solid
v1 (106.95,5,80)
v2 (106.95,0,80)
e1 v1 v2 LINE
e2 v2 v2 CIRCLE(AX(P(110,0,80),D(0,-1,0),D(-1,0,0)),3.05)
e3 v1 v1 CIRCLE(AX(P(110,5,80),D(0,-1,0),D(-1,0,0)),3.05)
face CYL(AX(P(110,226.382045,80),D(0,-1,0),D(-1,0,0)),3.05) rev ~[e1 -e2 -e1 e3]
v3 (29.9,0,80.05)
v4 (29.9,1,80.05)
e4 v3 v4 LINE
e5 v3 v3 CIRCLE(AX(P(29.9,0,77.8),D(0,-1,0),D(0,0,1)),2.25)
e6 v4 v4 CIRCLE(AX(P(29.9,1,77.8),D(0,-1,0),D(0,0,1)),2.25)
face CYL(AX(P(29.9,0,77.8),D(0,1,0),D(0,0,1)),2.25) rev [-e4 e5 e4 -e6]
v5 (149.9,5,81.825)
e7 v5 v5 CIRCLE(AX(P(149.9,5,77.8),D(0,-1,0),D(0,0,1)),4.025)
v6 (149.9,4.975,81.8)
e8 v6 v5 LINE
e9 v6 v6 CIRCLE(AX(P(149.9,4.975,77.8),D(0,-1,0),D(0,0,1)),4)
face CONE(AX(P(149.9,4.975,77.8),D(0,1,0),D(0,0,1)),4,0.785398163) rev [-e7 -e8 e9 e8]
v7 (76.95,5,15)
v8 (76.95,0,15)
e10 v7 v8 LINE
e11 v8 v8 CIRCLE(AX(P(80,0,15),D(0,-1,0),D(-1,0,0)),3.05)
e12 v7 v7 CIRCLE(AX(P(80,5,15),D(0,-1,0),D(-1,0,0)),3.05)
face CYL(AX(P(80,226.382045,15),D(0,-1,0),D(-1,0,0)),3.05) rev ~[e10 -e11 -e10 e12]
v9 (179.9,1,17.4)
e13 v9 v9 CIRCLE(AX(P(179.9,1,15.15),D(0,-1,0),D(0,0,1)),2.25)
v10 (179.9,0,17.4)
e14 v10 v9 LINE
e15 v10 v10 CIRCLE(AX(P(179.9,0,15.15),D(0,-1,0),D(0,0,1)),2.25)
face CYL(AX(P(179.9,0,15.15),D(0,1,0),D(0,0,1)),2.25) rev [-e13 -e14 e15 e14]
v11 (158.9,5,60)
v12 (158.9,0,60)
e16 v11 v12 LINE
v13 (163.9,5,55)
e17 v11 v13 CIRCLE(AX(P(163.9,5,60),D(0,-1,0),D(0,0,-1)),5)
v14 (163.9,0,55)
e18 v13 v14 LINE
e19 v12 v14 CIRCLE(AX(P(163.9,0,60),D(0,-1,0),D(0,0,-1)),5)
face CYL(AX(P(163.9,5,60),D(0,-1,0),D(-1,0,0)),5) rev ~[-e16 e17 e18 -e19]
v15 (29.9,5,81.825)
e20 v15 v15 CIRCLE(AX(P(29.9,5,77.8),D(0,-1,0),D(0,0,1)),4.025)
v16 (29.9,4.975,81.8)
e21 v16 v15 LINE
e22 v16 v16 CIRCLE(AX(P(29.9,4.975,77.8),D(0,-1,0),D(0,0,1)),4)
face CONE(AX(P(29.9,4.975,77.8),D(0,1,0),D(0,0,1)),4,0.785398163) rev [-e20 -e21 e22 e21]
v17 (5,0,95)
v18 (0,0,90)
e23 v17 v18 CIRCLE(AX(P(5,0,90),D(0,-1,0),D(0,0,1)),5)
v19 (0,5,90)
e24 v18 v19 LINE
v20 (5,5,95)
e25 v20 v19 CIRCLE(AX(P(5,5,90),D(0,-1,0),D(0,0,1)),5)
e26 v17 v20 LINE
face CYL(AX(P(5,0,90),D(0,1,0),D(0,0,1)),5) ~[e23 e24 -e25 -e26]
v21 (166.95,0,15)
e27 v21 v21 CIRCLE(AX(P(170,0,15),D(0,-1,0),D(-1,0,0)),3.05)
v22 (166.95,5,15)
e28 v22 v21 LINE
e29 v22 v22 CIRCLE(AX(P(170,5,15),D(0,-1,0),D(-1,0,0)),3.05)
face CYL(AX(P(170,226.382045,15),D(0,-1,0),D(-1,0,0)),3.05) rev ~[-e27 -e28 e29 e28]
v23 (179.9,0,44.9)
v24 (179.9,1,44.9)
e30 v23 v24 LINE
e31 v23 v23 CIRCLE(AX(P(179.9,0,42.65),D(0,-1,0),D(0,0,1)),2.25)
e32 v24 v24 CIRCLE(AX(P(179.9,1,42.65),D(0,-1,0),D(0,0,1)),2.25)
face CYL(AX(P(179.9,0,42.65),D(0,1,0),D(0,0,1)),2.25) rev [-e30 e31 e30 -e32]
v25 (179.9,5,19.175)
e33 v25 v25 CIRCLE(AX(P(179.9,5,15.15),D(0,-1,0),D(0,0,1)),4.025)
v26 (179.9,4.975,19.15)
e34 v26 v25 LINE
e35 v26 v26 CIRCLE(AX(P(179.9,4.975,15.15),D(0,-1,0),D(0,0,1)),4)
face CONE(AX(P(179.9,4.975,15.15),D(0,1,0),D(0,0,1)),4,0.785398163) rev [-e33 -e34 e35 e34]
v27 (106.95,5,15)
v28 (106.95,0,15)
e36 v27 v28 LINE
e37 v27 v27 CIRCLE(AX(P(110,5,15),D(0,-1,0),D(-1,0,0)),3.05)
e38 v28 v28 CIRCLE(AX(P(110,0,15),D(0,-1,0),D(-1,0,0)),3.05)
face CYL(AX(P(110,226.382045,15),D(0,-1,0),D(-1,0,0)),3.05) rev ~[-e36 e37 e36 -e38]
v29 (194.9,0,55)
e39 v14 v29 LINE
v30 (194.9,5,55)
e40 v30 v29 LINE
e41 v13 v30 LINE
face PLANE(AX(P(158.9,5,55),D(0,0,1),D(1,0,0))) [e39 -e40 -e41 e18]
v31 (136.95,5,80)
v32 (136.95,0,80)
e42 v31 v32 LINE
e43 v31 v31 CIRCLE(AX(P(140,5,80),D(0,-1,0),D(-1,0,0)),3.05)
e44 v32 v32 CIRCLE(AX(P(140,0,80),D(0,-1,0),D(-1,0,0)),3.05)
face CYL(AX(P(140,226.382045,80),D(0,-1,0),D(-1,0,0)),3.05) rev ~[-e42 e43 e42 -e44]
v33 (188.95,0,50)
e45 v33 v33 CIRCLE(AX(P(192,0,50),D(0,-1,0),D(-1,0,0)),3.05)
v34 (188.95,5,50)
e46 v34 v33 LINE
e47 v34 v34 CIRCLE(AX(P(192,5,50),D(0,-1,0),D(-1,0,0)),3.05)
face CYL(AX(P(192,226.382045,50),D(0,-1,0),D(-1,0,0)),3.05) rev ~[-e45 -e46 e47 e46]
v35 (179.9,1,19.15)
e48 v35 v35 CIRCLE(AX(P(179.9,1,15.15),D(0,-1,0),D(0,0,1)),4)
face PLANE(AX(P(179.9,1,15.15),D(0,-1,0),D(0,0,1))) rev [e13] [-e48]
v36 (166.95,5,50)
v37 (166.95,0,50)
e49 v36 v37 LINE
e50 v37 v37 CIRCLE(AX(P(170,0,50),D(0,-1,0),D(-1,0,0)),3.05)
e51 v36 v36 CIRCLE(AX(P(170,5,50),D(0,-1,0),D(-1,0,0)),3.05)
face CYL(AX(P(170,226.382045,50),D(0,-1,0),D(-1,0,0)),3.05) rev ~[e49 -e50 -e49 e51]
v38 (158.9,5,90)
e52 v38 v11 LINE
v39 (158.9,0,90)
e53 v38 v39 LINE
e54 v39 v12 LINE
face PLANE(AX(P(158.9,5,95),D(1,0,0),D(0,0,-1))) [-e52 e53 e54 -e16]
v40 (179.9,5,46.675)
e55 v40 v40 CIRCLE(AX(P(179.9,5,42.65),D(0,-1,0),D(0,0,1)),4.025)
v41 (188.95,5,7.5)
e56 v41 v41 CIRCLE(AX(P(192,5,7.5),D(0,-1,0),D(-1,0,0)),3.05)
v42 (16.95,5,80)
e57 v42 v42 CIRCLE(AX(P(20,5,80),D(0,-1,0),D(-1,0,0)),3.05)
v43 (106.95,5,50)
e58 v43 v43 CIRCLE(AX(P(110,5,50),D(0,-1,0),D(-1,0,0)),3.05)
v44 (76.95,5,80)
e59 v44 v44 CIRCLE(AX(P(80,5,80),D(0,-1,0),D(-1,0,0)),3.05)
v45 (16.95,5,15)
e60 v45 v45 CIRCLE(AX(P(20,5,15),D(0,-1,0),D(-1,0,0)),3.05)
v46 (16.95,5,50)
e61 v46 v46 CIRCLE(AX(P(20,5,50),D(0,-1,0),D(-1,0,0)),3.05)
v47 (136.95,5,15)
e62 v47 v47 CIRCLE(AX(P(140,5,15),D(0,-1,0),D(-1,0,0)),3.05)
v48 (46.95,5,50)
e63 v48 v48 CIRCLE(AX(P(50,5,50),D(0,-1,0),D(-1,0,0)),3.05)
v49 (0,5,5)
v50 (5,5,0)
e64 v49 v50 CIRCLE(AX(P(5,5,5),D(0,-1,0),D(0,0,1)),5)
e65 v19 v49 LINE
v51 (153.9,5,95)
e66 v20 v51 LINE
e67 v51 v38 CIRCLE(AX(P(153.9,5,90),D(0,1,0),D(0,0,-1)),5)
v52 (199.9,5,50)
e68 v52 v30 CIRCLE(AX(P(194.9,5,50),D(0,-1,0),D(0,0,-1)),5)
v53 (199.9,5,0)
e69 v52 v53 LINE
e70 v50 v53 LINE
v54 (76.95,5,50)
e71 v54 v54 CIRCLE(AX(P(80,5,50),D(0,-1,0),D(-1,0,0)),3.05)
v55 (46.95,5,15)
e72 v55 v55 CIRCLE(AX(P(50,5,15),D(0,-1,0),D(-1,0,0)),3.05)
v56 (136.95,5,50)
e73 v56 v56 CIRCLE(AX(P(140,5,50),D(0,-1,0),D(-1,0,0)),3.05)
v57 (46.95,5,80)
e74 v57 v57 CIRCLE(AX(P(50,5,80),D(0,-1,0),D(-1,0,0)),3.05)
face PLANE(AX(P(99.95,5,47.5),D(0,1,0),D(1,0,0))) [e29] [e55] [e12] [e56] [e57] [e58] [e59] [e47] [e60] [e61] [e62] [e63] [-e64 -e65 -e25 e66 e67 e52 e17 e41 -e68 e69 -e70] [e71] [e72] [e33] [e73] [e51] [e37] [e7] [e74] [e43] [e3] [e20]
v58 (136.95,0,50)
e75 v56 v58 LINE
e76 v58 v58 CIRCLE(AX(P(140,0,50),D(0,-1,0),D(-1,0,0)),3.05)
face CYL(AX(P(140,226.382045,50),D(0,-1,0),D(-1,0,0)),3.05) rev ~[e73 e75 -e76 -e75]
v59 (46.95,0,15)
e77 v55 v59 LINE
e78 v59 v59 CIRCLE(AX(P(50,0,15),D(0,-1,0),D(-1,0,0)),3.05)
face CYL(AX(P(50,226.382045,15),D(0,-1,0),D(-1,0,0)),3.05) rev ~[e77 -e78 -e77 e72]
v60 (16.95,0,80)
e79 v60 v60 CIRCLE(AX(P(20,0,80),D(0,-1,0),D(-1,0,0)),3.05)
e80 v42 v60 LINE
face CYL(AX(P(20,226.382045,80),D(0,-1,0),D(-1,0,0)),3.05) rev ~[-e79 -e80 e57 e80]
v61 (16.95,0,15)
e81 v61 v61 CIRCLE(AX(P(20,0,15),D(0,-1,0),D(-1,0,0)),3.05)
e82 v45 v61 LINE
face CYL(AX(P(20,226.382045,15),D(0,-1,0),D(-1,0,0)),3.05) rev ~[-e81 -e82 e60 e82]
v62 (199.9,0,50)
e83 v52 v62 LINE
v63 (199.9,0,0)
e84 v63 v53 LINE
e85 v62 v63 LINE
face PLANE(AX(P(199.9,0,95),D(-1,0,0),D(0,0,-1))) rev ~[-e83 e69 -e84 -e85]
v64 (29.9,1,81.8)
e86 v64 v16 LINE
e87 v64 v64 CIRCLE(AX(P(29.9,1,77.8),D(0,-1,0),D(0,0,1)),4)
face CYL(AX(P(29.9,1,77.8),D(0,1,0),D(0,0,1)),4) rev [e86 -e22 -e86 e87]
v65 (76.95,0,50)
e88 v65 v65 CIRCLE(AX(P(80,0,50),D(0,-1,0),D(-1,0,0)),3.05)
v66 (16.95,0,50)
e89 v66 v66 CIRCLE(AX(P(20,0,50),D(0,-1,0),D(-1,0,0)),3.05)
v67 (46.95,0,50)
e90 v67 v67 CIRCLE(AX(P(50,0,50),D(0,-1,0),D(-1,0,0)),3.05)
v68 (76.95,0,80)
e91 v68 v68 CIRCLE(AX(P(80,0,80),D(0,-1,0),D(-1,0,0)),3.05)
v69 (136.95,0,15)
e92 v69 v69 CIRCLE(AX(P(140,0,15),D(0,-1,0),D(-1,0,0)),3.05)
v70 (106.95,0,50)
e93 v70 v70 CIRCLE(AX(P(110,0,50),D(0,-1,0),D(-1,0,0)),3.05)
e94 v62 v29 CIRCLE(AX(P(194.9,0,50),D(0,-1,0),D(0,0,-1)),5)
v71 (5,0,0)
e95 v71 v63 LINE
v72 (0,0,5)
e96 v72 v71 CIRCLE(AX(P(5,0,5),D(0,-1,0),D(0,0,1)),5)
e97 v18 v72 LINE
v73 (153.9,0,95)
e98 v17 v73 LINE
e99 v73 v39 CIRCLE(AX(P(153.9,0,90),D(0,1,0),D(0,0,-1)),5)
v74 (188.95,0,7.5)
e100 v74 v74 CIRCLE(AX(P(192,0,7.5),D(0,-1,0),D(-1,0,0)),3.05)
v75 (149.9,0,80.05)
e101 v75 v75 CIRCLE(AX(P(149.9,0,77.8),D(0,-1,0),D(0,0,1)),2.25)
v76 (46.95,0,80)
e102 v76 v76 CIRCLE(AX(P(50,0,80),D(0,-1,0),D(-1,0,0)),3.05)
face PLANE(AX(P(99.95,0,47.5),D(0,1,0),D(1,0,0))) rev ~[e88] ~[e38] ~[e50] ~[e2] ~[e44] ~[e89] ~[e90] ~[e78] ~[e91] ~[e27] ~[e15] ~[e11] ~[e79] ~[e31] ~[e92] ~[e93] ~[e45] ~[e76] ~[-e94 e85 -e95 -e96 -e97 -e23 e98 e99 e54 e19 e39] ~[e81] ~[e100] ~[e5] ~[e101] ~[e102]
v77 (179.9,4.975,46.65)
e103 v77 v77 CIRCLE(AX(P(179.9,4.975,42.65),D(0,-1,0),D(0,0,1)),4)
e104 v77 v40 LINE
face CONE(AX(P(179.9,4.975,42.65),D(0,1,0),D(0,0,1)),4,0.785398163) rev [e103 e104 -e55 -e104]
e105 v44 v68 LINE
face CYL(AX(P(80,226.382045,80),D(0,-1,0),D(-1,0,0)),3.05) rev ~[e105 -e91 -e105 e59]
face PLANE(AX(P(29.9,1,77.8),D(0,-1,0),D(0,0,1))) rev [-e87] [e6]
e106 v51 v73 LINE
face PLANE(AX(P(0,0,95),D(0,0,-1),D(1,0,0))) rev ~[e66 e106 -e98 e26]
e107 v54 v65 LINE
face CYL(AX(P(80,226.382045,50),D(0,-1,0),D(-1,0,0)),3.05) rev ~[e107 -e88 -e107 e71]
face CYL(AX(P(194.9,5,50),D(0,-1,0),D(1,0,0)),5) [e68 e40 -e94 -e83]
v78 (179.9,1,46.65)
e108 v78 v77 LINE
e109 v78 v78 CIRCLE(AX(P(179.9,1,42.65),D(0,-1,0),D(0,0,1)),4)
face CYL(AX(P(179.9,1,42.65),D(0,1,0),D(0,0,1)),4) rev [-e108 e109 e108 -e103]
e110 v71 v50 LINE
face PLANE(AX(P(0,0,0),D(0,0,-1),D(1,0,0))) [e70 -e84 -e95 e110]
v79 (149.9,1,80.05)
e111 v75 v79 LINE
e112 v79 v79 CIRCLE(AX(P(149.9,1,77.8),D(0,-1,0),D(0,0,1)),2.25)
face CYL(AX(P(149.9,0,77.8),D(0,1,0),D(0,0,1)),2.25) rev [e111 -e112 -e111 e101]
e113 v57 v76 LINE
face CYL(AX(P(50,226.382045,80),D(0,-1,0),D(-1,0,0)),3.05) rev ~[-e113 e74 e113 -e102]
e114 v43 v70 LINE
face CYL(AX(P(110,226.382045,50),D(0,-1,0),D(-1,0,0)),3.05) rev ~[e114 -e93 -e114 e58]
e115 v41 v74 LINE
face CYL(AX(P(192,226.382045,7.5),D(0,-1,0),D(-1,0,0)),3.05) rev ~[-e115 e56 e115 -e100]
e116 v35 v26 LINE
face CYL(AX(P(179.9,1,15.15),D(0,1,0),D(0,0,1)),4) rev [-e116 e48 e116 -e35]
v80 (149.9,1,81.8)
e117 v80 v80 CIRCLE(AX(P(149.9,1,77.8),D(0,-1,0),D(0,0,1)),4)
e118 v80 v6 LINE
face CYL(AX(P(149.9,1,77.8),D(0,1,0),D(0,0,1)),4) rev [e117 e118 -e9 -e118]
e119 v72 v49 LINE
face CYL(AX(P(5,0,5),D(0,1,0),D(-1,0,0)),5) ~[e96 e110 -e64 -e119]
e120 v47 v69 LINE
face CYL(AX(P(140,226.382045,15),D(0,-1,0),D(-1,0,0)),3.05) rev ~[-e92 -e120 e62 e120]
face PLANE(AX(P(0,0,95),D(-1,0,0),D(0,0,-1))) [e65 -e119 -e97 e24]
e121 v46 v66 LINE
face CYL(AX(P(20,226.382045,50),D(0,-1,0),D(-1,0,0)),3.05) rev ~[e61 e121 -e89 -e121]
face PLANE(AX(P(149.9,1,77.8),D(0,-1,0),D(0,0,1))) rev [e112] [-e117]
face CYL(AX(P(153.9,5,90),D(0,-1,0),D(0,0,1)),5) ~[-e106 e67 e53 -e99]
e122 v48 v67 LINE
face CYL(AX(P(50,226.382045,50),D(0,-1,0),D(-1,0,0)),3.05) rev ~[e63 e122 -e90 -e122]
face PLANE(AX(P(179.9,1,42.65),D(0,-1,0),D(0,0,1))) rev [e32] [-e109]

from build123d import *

# Parameters (mm, degrees)
SKETCH1_W                     = 199.9
SKETCH1_H                     = 95
BOSS_EXTRUDE1_DEPTH           = 5
CBORE_FOR_M4_SHCS1_AT_2_COUNT = 2
CBORE_FOR_M4_SHCS1_AT_2_PITCH = 69.462381906
CBORE_FOR_M4_SHCS1_AT_3_COUNT = 2
CBORE_FOR_M4_SHCS1_AT_3_PITCH = 162.557751276
CBORE_FOR_M4_SHCS1_AT_4_COUNT = 2
CBORE_FOR_M4_SHCS1_AT_4_PITCH = 27.5
F_6_1_6_1_DIAMETER_HOLE1_D    = 6.1
LPATTERN1_COUNT               = 2
LPATTERN1_PITCH               = 35
SKETCH6_W                     = 41
SKETCH6_H                     = 40
CUT_EXTRUDE1_DEPTH            = 6
LPATTERN2_COUNT               = 2
LPATTERN2_PITCH               = 65
FILLET1_R                     = 5
F_6_1_6_1_DIAMETER_HOLE2_D    = 6.1
FILLET2_R                     = 5


with BuildPart() as part:
    # Sketch1 → Boss-Extrude1 (new body)
    with BuildSketch(Plane(origin=(0, 0, 0), x_dir=(1, 0, 0), z_dir=(0, 1, 0))):
        with Locations((99.95, -47.5)):
            Rectangle(SKETCH1_W, SKETCH1_H)
    extrude(amount=BOSS_EXTRUDE1_DEPTH)

    # Sketch3 → CBORE for M4 SHCS1 (revolve, cut)
    with BuildSketch(Plane(origin=(179.9, 5, 15.15), x_dir=(0, 0, 1), z_dir=(1, 0, 0))):
        Polygon((0, 0), (0, 5), (2.25, 5), (2.25, 4), (4, 4), (4, 0.025), (4.025, 0), align=None)
    cbore_for_m4_shcs1 = revolve(axis=Axis((179.9, 11.35, 15.15), (0, -1, 0)), mode=Mode.SUBTRACT)

    # CBORE for M4 SHCS1 at 2: CBORE for M4 SHCS1 ×2
    with Locations(*[Vector(-0.431888443, 0, 0.901927033) * (i * CBORE_FOR_M4_SHCS1_AT_2_PITCH) for i in range(1, CBORE_FOR_M4_SHCS1_AT_2_COUNT)]):
        add(cbore_for_m4_shcs1, mode=Mode.SUBTRACT)

    # CBORE for M4 SHCS1 at 3: CBORE for M4 SHCS1 ×2
    with Locations(*[Vector(-0.922748985, 0, 0.385401493) * (i * CBORE_FOR_M4_SHCS1_AT_3_PITCH) for i in range(1, CBORE_FOR_M4_SHCS1_AT_3_COUNT)]):
        add(cbore_for_m4_shcs1, mode=Mode.SUBTRACT)

    # CBORE for M4 SHCS1 at 4: CBORE for M4 SHCS1 ×2
    with Locations(*[(0, 0, i * CBORE_FOR_M4_SHCS1_AT_4_PITCH) for i in range(1, CBORE_FOR_M4_SHCS1_AT_4_COUNT)]):
        add(cbore_for_m4_shcs1, mode=Mode.SUBTRACT)

    # Ø6.1 (6.1) Diameter Hole1 (through all)
    with Locations(Plane(origin=(0, 5, 0), x_dir=(1, 0, 0), z_dir=(0, 1, 0))):
        with Locations((170, -15), (20, -15), (50, -15), (80, -15), (110, -15), (140, -15)):
            f_6_1_6_1_diameter_hole1 = Hole(F_6_1_6_1_DIAMETER_HOLE1_D / 2)

    # LPattern1: Ø6.1 (6.1) Diameter Hole1 ×2
    with Locations(*[(0, 0, i * LPATTERN1_PITCH) for i in range(1, LPATTERN1_COUNT)]):
        add(f_6_1_6_1_diameter_hole1, mode=Mode.SUBTRACT)

    # Sketch6 → Cut-Extrude1 (cut, through all)
    with BuildSketch(Plane(origin=(0, 5, 0), x_dir=(1, 0, 0), z_dir=(0, 1, 0))):
        with Locations((179.4, -75)):
            Rectangle(SKETCH6_W, SKETCH6_H)
    extrude(amount=-CUT_EXTRUDE1_DEPTH, mode=Mode.SUBTRACT)

    # LPattern2: Ø6.1 (6.1) Diameter Hole1 ×2
    with Locations(*[(0, 0, i * LPATTERN2_PITCH) for i in range(1, LPATTERN2_COUNT)]):
        add(f_6_1_6_1_diameter_hole1, mode=Mode.SUBTRACT)

    # Fillet1
    fillet1_edges = [part.edges().sort_by_distance(p)[0] for p in [
        (199.9, 2.5, 55),
        (158.9, 2.5, 95),
        (158.9, 2.5, 55),
    ]]
    fillet(fillet1_edges, radius=FILLET1_R)

    # Ø6.1 (6.1) Diameter Hole2 (through all)
    with Locations(Plane(origin=(0, 5, 0), x_dir=(1, 0, 0), z_dir=(0, 1, 0))):
        with Locations((192, -50), (192, -7.5)):
            Hole(F_6_1_6_1_DIAMETER_HOLE2_D / 2)

    # Fillet2
    fillet2_edges = [part.edges().sort_by_distance(p)[0] for p in [
        (0, 2.5, 0),
        (0, 2.5, 95),
    ]]
    fillet(fillet2_edges, radius=FILLET2_R)


solid = part.part
